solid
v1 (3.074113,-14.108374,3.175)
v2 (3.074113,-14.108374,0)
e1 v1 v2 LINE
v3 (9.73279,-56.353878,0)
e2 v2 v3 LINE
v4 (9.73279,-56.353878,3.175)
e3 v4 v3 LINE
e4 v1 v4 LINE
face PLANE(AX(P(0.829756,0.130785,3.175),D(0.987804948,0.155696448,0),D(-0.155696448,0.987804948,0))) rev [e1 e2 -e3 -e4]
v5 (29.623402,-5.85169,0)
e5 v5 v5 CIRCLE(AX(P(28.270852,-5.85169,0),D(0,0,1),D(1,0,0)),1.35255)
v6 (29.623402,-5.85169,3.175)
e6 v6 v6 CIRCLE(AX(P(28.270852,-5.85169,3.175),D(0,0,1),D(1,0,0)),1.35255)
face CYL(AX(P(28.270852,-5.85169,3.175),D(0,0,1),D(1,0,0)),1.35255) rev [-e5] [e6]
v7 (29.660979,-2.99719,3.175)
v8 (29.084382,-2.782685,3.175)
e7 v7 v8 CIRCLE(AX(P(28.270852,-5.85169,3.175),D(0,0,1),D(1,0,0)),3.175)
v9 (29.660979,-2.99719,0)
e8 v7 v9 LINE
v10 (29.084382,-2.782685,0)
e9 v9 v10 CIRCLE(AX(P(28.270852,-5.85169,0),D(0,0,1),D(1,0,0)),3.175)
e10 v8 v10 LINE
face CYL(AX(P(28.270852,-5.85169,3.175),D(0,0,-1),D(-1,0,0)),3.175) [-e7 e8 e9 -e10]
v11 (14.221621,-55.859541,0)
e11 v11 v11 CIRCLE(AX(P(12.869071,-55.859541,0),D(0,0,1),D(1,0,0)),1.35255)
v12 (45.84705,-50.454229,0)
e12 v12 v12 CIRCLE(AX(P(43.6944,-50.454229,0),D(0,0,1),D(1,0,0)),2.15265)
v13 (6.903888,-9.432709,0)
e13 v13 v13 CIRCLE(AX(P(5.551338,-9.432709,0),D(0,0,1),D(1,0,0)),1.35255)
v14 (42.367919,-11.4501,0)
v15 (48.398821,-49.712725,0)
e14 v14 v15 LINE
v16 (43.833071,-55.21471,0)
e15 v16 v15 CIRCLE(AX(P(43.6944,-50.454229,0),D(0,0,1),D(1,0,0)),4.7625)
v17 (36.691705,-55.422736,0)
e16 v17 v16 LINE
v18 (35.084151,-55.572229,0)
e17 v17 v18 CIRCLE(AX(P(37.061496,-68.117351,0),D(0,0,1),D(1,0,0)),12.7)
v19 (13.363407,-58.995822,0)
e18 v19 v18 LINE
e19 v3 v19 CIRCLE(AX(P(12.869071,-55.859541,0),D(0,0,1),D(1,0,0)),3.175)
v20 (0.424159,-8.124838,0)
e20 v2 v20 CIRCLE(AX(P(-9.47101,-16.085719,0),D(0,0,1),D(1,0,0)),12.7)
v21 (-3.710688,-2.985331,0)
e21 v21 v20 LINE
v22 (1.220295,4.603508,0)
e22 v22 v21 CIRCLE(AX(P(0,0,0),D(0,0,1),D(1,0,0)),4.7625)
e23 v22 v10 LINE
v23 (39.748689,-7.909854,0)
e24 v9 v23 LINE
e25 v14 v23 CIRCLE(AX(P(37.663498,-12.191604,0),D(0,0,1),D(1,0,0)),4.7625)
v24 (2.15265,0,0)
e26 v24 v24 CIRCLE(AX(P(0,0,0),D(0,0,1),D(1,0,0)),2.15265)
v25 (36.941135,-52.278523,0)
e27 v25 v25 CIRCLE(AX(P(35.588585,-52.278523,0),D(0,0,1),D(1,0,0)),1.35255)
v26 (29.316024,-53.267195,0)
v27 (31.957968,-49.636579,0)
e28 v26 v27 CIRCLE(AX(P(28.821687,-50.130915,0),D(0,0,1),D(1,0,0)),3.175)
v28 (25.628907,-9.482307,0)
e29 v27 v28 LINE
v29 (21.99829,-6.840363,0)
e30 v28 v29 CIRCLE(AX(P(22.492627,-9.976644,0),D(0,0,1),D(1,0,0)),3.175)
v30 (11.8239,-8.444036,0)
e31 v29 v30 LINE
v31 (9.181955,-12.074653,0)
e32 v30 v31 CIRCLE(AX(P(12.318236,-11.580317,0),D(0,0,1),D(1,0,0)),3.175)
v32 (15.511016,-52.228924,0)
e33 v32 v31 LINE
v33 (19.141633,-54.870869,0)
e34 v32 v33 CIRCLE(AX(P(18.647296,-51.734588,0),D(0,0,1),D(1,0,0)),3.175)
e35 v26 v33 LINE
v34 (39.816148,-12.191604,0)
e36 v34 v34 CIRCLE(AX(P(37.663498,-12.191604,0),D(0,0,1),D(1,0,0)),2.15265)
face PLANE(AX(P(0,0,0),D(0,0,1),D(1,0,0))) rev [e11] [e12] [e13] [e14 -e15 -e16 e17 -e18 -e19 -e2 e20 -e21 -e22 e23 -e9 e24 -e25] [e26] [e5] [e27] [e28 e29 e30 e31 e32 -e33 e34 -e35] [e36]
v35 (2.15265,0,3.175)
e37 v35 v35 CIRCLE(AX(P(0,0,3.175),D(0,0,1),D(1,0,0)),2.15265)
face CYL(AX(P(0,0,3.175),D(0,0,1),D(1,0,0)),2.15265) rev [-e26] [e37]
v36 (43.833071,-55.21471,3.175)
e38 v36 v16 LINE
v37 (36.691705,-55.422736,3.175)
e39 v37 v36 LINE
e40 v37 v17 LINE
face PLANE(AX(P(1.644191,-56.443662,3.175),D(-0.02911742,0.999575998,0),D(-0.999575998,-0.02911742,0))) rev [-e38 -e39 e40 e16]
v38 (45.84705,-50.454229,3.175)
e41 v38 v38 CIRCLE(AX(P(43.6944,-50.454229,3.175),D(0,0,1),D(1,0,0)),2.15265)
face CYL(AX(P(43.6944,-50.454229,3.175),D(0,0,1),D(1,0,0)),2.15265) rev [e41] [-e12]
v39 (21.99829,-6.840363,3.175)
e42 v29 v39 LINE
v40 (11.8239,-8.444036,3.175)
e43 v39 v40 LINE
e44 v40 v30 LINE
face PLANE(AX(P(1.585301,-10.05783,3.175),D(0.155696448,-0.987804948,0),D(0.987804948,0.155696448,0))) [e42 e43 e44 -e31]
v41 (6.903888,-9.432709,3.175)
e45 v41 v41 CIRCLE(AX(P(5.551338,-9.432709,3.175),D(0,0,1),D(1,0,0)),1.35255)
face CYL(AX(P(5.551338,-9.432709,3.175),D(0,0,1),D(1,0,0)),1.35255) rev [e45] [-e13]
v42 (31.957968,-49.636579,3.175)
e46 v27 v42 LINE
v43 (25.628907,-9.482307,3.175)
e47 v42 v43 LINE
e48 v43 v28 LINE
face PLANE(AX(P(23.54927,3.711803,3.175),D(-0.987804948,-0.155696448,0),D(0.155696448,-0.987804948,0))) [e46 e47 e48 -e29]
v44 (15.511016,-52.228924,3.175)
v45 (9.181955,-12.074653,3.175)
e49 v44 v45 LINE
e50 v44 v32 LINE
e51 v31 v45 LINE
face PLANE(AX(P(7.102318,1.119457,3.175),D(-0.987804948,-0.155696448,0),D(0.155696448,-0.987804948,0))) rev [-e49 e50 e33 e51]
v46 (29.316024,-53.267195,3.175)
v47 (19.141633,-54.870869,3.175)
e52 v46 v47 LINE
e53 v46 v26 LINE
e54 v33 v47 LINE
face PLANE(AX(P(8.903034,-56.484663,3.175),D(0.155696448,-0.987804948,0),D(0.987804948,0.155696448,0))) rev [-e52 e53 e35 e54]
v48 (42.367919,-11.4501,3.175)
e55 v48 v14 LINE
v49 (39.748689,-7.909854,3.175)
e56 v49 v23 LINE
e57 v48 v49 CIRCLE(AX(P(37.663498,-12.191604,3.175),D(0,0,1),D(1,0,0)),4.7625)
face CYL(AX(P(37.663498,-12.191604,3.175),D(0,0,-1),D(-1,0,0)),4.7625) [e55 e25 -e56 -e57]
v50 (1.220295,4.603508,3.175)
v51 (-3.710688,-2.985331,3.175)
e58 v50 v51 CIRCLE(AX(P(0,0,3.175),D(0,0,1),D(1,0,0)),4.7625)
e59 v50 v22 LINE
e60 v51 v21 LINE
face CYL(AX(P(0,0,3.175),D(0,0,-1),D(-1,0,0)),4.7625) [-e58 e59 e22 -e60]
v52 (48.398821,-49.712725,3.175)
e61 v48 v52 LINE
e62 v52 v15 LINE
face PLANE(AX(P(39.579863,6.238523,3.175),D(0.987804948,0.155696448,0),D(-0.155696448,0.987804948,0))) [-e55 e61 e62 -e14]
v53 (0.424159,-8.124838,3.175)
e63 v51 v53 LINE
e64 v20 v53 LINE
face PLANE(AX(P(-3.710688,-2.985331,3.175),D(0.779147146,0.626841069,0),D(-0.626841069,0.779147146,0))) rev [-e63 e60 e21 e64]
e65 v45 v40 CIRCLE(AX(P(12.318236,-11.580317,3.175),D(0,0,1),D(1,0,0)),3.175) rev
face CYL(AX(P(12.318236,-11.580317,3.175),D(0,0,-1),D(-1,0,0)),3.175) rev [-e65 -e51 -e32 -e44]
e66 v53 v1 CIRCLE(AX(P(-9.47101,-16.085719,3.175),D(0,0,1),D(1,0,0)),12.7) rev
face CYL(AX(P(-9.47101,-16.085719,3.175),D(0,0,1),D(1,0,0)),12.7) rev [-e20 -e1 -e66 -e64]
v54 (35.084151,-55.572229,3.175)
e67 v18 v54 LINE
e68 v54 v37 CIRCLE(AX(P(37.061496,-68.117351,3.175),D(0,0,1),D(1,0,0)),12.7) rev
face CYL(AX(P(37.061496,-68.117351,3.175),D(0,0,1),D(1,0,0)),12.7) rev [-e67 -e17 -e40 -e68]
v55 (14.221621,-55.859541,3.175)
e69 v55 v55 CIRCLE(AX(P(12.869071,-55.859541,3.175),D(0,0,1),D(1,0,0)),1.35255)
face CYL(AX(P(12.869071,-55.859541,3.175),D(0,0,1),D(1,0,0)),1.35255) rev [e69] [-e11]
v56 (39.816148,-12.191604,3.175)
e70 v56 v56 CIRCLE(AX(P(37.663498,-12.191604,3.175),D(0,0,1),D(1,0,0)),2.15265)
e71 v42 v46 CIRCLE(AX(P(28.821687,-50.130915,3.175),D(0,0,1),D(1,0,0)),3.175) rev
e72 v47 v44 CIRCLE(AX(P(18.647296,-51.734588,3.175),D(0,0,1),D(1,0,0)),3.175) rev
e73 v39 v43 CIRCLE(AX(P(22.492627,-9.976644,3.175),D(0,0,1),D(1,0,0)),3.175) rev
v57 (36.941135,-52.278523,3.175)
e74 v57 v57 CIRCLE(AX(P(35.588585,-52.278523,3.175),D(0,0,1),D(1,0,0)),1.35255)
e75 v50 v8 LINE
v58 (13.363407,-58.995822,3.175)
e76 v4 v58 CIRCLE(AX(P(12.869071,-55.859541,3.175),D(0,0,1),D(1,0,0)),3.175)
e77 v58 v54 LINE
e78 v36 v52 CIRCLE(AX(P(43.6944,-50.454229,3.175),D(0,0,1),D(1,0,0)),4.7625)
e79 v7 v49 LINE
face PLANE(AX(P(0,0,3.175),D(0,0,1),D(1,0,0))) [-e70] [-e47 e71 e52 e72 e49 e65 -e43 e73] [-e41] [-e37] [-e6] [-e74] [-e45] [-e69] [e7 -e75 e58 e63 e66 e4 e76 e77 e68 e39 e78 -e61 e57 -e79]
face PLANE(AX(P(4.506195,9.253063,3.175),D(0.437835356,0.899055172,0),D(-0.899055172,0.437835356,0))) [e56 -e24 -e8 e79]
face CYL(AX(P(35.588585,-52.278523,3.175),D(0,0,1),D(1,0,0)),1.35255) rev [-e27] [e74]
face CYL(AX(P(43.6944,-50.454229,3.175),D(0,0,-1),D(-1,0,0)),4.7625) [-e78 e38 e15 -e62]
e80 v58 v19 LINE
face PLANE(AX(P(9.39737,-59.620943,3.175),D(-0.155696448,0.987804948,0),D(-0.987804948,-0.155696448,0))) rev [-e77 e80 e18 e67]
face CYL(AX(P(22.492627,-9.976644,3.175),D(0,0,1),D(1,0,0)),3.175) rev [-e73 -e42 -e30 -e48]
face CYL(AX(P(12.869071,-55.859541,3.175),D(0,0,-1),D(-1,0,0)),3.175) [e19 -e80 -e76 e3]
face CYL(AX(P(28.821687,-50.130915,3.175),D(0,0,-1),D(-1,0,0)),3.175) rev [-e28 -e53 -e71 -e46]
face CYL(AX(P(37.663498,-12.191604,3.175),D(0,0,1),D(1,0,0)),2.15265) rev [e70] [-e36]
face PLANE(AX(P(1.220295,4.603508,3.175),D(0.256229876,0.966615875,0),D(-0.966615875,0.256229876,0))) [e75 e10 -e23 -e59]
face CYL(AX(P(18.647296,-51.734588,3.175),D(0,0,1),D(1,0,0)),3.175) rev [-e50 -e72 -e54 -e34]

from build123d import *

# Parameters (mm, degrees)
BOSS_EXTRUDE1_DEPTH   = 3.175
FILLET1_R             = 3.175
FILLET2_R             = 12.7
F_2_CLEARANCE_HOLE1_D = 2.7051
F_6_CLEARANCE_HOLE1_D = 4.3053


with BuildPart() as part:
    # Sketch1 → Boss-Extrude1 (new body)
    with BuildSketch(Plane.XY):
        with BuildLine():
            Line((13.363407355, -58.995822037), (35.883167135, -55.446288697))
            Line((35.883167135, -55.446288697), (43.833071408, -55.214709803))
            ThreePointArc((43.833071408, -55.214709803), (47.359348086, -53.495537965), (48.398820761, -49.712724781))
            Line((48.398820761, -49.712724781), (42.367918864, -11.450100102))
            ThreePointArc((42.367918864, -11.450100102), (41.492080159, -9.359050224), (39.748688678, -7.90985418))
            Line((39.748688678, -7.90985418), (29.660979166, -2.997190284))
            ThreePointArc((29.660979166, -2.997190284), (29.377888176, -2.875939169), (29.084381769, -2.78268505))
            Line((29.084381769, -2.78268505), (1.220294786, 4.603508106))
            ThreePointArc((1.220294786, 4.603508106), (-3.993511378, 2.594855125), (-3.710688281, -2.98533059))
            Line((-3.710688281, -2.98533059), (2.546868459, -10.763310872))
            Line((2.546868459, -10.763310872), (9.732790422, -56.353877547))
            ThreePointArc((9.732790422, -56.353877547), (11.000934269, -58.426775179), (13.363407355, -58.995822037))
        make_face()
        Polygon((25.134571201, -6.346026675), (32.452304237, -52.772859253), (16.005351845, -55.365205105), (8.687618809, -8.938372527), align=None, mode=Mode.SUBTRACT)
    extrude(amount=BOSS_EXTRUDE1_DEPTH)

    # Fillet1
    fillet1_edges = [part.edges().sort_by_distance(p)[0] for p in [
        (32.452304237, -52.772859253, 1.5875),
        (25.134571201, -6.346026675, 1.5875),
        (8.687618809, -8.938372527, 1.5875),
        (16.005351845, -55.365205105, 1.5875),
    ]]
    fillet(fillet1_edges, radius=FILLET1_R)

    # Fillet2
    fillet2_edges = [part.edges().sort_by_distance(p)[0] for p in [
        (2.546868459, -10.763310872, 1.5875),
        (35.883167135, -55.446288697, 1.5875),
    ]]
    fillet(fillet2_edges, radius=FILLET2_R)

    # #2 Clearance Hole1 (through all)
    with Locations(Plane.XY.offset(3.175)):
        with Locations((5.551338097, -9.432708748), (28.270851912, -5.851690454), (35.588584948, -52.278523032), (12.869071133, -55.859541326)):
            Hole(F_2_CLEARANCE_HOLE1_D / 2)

    # #6 Clearance Hole1 (through all)
    with Locations(Plane.XY.offset(3.175)):
        with Locations((0, 0), (37.663497797, -12.191604434), (43.694399694, -50.454229113)):
            Hole(F_6_CLEARANCE_HOLE1_D / 2)


solid = part.part
